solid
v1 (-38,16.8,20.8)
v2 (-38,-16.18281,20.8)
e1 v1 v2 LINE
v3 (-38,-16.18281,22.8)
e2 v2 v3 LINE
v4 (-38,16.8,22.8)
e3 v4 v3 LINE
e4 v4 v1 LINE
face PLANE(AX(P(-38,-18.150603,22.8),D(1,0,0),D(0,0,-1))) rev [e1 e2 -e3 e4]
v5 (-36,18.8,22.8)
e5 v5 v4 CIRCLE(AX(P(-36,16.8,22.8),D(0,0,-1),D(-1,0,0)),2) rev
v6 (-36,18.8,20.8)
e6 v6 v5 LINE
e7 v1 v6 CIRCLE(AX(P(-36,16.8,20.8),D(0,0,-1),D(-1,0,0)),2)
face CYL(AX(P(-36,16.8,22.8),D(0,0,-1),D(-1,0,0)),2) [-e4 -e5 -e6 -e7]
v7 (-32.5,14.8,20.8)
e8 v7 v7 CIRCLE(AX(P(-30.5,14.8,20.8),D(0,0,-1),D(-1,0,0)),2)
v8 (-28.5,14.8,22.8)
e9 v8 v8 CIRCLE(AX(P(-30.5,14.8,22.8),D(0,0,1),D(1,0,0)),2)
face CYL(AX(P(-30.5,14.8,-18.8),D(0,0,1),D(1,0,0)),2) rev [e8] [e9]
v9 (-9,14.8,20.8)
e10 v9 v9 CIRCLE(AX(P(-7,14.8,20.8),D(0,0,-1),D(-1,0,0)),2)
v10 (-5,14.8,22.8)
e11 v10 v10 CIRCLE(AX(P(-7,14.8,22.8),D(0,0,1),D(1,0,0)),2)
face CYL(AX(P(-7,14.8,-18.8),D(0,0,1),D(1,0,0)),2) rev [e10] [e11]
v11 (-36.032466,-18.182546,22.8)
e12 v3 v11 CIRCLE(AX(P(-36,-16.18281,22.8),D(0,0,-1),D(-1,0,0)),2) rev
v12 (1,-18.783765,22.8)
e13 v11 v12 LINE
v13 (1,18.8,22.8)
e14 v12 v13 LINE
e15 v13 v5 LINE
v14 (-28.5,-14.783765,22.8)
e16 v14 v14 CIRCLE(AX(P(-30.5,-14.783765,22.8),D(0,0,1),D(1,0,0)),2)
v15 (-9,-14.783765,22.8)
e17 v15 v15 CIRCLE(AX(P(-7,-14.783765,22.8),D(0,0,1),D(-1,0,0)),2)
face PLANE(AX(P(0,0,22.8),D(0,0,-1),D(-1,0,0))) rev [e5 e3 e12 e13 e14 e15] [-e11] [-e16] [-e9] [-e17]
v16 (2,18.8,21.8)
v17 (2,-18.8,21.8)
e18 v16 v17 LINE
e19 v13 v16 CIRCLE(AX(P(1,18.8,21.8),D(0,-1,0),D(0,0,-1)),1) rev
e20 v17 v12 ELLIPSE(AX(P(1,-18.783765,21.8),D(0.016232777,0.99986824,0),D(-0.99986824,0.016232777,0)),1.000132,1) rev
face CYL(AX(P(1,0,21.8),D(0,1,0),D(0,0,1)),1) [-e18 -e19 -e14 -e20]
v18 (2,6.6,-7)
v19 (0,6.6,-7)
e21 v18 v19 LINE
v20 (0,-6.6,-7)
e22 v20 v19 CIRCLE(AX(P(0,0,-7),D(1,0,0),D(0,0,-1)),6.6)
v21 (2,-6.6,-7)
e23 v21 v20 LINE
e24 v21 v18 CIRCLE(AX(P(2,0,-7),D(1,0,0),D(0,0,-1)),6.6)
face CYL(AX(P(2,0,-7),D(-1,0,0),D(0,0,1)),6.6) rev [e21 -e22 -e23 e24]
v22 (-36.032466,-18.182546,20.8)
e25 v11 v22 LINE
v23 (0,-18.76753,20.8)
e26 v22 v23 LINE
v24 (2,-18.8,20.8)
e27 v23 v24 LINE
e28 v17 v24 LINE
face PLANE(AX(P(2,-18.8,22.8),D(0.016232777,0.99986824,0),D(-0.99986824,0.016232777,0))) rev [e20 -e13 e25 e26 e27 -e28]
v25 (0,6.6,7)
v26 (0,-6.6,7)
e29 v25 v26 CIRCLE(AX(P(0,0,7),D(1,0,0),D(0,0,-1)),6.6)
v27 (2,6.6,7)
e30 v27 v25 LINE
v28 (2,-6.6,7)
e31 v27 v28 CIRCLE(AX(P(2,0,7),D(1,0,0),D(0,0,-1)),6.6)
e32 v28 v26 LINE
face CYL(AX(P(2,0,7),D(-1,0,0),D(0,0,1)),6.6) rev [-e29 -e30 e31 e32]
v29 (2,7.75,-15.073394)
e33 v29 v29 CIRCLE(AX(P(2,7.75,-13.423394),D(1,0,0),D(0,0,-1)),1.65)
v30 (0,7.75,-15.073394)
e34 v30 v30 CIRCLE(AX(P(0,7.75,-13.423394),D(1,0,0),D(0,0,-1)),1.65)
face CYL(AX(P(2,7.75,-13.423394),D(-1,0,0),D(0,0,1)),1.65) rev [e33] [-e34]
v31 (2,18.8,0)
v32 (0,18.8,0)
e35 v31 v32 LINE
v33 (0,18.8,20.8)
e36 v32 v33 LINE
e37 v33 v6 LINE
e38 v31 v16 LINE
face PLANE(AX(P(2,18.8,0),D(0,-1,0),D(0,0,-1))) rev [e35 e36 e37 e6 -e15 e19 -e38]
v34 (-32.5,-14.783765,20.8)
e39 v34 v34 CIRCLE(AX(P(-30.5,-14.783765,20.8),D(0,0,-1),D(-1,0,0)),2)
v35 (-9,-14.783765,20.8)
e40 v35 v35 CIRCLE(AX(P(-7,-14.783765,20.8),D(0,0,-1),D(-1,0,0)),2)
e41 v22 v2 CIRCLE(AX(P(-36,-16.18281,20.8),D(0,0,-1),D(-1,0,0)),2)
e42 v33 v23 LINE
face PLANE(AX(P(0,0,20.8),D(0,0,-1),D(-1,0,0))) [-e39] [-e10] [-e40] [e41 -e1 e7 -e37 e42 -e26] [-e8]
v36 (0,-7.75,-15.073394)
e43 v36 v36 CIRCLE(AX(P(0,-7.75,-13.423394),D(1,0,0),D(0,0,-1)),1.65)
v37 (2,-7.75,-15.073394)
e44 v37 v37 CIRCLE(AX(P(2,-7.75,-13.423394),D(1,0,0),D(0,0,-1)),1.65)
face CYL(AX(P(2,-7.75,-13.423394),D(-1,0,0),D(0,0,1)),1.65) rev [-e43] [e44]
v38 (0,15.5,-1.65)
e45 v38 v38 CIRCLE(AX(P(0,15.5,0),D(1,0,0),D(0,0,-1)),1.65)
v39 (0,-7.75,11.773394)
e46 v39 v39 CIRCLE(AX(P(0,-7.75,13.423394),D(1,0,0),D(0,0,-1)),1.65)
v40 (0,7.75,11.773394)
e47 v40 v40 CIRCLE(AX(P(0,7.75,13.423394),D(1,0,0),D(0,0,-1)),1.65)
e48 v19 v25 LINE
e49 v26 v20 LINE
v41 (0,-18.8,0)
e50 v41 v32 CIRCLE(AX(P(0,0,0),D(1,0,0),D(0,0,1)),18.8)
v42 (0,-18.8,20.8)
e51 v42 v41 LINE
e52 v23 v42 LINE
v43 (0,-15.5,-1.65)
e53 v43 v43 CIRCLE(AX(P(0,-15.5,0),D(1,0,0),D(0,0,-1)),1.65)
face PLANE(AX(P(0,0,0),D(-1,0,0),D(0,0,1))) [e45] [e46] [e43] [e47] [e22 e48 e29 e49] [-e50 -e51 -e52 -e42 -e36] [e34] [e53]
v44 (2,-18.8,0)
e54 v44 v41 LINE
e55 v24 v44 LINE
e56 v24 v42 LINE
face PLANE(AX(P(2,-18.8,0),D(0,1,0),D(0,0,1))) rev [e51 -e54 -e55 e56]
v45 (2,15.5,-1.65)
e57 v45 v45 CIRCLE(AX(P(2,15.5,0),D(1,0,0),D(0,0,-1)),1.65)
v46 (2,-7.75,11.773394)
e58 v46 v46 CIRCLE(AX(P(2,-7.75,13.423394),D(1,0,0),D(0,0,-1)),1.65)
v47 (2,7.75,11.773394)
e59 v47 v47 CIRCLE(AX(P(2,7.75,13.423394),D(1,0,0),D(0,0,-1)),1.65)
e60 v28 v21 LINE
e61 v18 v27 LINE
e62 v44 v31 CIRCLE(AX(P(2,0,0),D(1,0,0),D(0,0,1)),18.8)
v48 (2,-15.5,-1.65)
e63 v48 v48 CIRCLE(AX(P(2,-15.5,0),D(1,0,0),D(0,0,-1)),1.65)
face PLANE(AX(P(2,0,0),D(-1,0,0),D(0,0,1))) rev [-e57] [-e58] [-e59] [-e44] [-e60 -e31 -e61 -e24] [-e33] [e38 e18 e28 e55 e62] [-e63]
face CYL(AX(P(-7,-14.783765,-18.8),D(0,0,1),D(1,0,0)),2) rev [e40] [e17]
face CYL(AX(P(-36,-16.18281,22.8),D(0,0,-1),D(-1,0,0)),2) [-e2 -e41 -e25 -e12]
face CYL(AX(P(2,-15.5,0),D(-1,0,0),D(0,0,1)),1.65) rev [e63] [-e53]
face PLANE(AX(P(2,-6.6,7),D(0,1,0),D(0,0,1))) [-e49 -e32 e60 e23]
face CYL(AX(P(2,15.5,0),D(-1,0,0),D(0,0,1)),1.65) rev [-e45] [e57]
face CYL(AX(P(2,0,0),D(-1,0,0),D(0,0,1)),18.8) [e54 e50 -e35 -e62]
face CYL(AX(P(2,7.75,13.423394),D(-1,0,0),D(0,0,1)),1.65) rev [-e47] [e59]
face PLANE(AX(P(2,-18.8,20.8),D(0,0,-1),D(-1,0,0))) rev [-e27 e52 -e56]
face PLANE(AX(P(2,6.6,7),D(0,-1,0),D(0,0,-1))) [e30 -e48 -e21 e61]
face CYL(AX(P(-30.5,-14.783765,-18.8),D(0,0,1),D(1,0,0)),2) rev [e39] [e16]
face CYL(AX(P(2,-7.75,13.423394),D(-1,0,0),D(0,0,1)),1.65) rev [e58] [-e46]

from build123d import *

# Parameters (mm, degrees)
CROQUIS1_R              = 1.65
SALIENTE_EXTRUIR1_DEPTH = 2
SALIENTE_EXTRUIR2_DEPTH = 2
REDONDEO1_R             = 1
REDONDEO2_R             = 2
CROQUIS3_R              = 2
CORTAR_EXTRUIR1_DEPTH   = 60.39696962


with BuildPart() as part:
    # Croquis1 → Saliente-Extruir1 (new body)
    with BuildSketch(Plane(origin=(0, 0, 0), x_dir=(0, 0, -1), z_dir=(1, 0, 0))):
        with BuildLine():
            Line((0, 18.8), (-20.8, 18.8))
            Line((-20.8, 18.8), (-20.8, -18.8))
            Line((-20.8, -18.8), (0, -18.8))
            ThreePointArc((0, -18.8), (18.8, 0), (0, 18.8))
        make_face()
        with Locations((13.423393759, 7.75)):
            Circle(CROQUIS1_R, mode=Mode.SUBTRACT)
        with Locations((13.423393759, -7.75)):
            Circle(CROQUIS1_R, mode=Mode.SUBTRACT)
        with Locations((0, -15.5)):
            Circle(CROQUIS1_R, mode=Mode.SUBTRACT)
        with Locations((-13.423393759, -7.75)):
            Circle(CROQUIS1_R, mode=Mode.SUBTRACT)
        with Locations((-13.423393759, 7.75)):
            Circle(CROQUIS1_R, mode=Mode.SUBTRACT)
        with Locations((0, 15.5)):
            Circle(CROQUIS1_R, mode=Mode.SUBTRACT)
        with BuildLine():
            Line((-7, 6.6), (7, 6.6))
            ThreePointArc((7, 6.6), (13.6, 0), (7, -6.6))
            Line((7, -6.6), (-7, -6.6))
            ThreePointArc((-7, -6.6), (-13.6, 0), (-7, 6.6))
        make_face(mode=Mode.SUBTRACT)
    extrude(amount=SALIENTE_EXTRUIR1_DEPTH)

    # Croquis2 → Saliente-Extruir2 (add)
    with BuildSketch(Plane.XY.offset(20.8)):
        Polygon((2, 18.8), (-38, 18.8), (-38, -18.150603338), (2, -18.8), align=None)
    extrude(amount=SALIENTE_EXTRUIR2_DEPTH)

    # Redondeo1
    redondeo1_edges = [part.edges().sort_by_distance(p)[0] for p in [
        (2, 0, 22.8),
    ]]
    fillet(redondeo1_edges, radius=REDONDEO1_R)

    # Redondeo2
    redondeo2_edges = [part.edges().sort_by_distance(p)[0] for p in [
        (-38, 18.8, 21.8),
        (-38, -18.150603338, 21.8),
    ]]
    fillet(redondeo2_edges, radius=REDONDEO2_R)

    # Croquis3 → Cortar-Extruir1 (cut, through all)
    with BuildSketch(Plane.XY.offset(22.8)):
        with Locations((-7, 14.8)):
            Circle(CROQUIS3_R)
        with Locations(Location((-7, -14.783765083, 0), (0, 0, 180))):
            Circle(CROQUIS3_R)
        with Locations((-30.5, 14.8)):
            Circle(CROQUIS3_R)
        with Locations((-30.5, -14.783765083)):
            Circle(CROQUIS3_R)
    extrude(amount=-CORTAR_EXTRUIR1_DEPTH, mode=Mode.SUBTRACT)


solid = part.part
